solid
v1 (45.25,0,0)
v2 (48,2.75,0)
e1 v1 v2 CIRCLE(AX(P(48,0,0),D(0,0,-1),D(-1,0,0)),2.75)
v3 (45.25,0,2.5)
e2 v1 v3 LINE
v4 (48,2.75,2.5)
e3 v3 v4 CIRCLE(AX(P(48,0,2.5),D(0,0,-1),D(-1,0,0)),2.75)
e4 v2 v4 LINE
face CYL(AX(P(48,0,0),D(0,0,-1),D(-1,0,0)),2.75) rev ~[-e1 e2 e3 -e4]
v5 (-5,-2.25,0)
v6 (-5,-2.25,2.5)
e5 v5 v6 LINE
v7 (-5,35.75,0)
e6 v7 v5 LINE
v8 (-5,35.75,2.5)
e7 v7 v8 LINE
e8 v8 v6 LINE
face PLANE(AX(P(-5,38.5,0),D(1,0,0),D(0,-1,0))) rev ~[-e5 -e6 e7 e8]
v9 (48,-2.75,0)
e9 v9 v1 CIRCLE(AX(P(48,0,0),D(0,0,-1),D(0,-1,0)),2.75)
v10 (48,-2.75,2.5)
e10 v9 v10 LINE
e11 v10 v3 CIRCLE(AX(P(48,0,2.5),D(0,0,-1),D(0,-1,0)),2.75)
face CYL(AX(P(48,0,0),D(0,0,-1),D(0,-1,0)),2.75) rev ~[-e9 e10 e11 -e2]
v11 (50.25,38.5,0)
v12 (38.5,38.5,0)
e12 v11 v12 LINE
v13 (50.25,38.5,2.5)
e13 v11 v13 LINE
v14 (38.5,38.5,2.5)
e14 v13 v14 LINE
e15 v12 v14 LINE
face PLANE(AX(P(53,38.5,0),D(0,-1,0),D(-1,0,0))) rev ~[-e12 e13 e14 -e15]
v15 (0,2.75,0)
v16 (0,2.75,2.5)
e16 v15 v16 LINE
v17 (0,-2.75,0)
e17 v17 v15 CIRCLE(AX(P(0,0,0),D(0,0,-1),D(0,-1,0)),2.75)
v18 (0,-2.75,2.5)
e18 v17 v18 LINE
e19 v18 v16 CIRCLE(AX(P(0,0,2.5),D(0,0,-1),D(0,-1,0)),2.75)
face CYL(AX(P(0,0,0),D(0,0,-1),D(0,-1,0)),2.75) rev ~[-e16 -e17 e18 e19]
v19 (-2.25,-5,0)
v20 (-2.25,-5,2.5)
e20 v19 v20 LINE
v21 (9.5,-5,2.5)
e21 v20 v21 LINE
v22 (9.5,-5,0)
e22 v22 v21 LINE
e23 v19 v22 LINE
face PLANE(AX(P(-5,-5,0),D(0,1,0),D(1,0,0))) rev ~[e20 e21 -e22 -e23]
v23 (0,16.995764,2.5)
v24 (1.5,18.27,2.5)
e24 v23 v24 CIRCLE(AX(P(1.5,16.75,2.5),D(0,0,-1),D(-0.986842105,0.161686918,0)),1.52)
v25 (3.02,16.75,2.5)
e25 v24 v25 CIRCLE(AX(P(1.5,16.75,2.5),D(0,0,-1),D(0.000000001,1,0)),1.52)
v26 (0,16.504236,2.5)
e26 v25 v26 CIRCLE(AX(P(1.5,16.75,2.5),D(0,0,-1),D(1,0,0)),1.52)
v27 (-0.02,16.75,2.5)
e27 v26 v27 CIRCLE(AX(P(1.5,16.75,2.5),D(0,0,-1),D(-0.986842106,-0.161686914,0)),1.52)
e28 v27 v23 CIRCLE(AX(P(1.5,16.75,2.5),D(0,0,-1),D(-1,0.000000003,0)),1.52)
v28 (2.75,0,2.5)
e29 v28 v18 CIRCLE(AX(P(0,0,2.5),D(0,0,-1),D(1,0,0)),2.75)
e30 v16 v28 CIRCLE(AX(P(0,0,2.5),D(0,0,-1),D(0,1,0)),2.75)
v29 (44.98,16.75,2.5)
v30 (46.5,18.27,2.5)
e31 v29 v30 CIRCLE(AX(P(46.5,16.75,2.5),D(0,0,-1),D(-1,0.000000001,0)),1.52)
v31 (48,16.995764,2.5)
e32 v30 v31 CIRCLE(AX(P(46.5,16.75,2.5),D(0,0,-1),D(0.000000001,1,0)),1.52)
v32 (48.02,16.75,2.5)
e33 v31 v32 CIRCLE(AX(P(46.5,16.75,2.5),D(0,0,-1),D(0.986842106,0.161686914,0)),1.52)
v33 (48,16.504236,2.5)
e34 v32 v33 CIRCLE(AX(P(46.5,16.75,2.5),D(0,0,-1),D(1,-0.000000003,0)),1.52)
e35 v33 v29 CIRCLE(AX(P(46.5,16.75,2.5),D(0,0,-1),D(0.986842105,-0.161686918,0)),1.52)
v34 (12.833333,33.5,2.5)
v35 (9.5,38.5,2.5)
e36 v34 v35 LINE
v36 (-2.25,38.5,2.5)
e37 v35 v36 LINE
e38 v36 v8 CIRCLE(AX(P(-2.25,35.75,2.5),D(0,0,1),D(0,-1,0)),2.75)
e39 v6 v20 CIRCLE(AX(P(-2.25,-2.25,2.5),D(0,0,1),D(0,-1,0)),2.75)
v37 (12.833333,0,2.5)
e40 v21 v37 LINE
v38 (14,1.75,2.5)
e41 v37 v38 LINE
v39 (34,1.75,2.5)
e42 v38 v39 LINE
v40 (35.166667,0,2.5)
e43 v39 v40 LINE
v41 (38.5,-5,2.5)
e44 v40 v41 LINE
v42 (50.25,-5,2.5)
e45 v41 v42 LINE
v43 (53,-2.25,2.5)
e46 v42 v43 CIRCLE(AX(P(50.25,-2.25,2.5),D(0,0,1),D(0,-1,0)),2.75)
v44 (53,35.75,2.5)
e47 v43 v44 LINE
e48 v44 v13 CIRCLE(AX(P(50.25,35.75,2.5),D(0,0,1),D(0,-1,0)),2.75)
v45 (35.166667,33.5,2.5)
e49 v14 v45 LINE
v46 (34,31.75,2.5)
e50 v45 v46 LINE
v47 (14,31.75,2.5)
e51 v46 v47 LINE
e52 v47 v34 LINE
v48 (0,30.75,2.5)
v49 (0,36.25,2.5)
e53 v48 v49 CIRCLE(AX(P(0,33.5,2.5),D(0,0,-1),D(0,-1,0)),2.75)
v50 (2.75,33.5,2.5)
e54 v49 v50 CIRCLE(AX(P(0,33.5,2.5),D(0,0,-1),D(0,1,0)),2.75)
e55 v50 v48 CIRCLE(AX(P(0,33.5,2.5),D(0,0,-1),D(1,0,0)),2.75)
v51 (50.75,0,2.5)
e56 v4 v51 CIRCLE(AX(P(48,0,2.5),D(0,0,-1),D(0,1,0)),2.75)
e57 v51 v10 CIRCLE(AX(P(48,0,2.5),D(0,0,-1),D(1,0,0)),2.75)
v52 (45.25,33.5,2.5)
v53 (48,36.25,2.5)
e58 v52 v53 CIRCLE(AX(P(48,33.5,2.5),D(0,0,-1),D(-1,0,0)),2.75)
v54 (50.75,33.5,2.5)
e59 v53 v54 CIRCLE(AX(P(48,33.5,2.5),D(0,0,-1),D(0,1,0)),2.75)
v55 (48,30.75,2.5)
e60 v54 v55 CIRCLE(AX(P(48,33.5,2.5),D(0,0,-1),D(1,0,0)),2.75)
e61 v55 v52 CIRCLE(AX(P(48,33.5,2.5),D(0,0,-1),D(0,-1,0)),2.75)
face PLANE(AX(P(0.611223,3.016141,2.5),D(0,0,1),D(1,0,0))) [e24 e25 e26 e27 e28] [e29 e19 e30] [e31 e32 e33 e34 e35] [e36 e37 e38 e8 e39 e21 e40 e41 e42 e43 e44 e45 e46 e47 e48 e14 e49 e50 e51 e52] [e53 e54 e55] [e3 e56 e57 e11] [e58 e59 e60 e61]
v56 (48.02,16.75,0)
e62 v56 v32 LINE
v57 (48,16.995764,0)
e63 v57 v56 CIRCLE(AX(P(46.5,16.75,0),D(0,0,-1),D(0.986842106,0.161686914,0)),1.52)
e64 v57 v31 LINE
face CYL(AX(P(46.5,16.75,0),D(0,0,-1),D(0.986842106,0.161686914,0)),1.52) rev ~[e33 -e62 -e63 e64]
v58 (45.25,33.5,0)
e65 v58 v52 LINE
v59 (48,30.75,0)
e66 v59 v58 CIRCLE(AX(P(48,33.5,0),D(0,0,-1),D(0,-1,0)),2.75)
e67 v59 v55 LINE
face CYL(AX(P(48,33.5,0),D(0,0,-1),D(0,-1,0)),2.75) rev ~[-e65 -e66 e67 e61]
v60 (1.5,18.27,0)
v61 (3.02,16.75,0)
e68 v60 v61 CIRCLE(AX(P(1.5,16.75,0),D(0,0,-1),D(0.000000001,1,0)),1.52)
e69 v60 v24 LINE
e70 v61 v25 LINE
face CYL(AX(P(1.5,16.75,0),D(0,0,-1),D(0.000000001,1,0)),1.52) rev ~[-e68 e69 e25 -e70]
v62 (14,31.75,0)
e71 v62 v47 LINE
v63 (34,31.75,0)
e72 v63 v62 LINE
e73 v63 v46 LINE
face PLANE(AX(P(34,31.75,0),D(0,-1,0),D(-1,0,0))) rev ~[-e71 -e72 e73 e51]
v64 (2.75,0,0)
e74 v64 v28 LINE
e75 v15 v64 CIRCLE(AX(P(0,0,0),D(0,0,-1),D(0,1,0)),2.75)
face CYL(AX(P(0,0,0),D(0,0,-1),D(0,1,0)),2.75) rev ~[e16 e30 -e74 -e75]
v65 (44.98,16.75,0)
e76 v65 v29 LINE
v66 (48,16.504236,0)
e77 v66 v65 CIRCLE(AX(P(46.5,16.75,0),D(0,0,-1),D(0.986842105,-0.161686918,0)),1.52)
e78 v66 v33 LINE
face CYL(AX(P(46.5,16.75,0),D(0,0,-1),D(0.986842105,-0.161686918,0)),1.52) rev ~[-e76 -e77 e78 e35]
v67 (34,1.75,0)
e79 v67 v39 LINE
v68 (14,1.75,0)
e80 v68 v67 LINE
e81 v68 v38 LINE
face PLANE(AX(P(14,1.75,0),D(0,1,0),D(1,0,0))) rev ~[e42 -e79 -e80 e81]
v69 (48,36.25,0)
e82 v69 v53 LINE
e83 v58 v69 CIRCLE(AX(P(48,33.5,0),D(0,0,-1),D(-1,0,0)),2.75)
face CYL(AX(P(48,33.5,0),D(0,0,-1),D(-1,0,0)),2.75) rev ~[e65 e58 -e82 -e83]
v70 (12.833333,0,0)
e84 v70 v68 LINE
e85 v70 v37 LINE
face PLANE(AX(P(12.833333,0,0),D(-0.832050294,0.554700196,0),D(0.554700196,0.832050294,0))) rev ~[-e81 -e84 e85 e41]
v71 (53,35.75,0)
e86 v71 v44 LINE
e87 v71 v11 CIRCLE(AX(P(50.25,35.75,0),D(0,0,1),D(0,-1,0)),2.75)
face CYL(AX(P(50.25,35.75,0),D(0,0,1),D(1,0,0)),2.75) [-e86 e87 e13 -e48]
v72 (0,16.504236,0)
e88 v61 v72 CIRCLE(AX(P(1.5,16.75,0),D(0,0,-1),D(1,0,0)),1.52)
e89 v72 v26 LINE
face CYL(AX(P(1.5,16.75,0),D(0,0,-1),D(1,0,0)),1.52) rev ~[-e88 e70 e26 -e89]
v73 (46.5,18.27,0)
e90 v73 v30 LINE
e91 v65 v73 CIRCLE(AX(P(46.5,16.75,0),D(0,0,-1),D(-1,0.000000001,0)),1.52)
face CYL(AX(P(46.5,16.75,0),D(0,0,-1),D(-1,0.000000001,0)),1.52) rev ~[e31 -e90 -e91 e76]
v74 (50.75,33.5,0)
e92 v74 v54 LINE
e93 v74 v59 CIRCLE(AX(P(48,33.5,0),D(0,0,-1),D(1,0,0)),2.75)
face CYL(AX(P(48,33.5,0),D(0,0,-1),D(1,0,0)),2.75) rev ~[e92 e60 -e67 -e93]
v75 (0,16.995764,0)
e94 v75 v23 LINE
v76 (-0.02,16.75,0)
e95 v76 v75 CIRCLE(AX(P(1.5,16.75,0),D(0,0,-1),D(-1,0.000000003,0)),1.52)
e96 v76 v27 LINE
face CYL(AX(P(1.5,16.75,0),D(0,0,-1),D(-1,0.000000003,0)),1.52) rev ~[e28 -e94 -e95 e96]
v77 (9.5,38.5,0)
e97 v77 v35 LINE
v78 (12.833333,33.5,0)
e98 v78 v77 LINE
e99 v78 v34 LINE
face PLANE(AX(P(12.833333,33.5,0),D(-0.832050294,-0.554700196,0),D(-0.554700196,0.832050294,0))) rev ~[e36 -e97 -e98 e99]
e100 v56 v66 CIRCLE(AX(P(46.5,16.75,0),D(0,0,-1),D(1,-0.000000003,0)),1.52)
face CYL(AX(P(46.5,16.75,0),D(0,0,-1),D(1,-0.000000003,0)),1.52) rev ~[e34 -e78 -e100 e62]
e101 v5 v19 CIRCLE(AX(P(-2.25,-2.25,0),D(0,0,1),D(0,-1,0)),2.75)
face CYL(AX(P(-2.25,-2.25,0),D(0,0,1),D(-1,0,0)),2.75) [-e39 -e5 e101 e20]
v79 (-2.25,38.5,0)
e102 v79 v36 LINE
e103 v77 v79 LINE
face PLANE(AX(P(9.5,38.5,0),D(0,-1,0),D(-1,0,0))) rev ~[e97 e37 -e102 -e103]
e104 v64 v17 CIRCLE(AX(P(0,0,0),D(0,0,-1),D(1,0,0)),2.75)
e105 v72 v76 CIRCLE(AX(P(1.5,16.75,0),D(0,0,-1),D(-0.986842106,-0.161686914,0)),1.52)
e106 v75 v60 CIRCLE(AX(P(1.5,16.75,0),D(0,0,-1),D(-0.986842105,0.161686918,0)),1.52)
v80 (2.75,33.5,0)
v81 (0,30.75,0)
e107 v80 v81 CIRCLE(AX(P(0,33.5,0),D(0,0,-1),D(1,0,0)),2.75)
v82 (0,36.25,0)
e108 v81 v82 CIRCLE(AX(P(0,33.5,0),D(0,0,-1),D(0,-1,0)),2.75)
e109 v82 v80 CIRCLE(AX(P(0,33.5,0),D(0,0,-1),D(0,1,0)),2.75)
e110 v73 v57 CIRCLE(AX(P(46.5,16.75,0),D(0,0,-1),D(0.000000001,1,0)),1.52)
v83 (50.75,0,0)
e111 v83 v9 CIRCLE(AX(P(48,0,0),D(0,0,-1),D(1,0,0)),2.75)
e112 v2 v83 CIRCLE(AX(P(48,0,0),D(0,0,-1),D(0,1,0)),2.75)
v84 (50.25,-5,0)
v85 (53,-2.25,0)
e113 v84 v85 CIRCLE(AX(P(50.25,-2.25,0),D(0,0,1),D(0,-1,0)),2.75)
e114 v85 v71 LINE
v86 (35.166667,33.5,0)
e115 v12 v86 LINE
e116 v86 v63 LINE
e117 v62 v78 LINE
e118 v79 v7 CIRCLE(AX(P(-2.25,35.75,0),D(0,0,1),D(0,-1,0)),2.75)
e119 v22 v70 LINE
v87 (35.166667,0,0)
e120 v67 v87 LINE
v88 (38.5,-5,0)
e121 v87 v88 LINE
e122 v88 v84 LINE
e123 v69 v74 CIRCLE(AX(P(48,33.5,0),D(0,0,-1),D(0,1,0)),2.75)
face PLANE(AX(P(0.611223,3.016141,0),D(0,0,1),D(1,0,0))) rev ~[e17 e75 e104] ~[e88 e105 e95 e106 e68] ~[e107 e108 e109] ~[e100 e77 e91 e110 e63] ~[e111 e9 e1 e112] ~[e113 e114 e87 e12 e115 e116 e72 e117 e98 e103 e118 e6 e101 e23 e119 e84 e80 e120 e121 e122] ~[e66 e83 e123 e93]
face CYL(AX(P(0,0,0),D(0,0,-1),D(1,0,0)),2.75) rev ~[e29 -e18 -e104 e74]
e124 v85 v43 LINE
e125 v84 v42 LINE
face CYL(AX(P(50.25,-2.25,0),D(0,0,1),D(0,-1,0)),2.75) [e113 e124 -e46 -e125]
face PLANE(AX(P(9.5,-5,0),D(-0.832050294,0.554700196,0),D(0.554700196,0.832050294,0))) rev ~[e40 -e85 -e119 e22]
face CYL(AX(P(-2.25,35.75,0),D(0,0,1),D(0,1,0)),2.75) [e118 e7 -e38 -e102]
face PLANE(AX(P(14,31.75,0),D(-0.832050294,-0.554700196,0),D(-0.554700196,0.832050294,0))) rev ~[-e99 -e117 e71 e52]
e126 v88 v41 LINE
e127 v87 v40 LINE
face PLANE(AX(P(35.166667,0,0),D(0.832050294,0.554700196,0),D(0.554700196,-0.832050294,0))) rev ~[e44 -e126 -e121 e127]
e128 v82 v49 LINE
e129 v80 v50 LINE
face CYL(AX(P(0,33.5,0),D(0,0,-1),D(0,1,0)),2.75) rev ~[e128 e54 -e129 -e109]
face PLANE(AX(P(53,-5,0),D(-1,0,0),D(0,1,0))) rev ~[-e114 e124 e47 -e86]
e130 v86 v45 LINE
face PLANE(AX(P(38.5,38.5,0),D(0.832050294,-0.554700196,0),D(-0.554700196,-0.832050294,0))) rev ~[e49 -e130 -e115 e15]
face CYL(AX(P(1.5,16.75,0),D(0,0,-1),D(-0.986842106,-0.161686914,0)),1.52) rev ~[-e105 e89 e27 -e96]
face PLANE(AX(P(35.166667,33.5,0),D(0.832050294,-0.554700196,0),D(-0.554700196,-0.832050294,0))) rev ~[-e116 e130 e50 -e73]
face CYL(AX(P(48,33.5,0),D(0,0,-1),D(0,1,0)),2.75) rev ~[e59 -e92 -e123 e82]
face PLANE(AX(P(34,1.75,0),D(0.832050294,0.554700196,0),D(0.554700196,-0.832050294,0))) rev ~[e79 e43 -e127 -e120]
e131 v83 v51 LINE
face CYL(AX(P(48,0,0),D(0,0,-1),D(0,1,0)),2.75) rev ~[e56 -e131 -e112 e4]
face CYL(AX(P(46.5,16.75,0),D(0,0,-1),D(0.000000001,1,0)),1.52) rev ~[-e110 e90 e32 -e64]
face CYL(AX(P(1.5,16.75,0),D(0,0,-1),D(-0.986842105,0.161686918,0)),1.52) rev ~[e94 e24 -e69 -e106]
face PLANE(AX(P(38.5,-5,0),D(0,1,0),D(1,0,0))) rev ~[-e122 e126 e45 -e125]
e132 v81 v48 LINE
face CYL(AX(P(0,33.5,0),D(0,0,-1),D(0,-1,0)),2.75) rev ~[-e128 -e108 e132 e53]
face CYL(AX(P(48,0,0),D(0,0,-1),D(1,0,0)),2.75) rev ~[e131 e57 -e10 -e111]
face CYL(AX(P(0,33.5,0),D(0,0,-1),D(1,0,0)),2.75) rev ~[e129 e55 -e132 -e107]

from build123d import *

# Parameters (mm, degrees)
BOSS_EXTRUDE1_DEPTH = 2.5
FILLET1_R           = 2.75


with BuildPart() as part:
    # Sketch1 → Boss-Extrude1 (new body)
    with BuildSketch(Plane.XY):
        with BuildLine():
            ThreePointArc((0, 16.504235885), (-0.014991749, 16.62671172), (-0.02, 16.75))
            Line((-0.02, 16.75), (-5, 16.75))
            Line((-5, 16.75), (-5, -5))
            Line((-5, -5), (9.5, -5))
            Line((9.5, -5), (12.833333333, 0))
            Line((12.833333333, 0), (2.75, 0))
            ThreePointArc((2.75, 0), (1.944543648, -1.944543648), (0, -2.75))
            ThreePointArc((0, -2.75), (-2.75, 0), (0, 2.75))
            Line((0, 2.75), (0, 16.504235885))
        make_face()
        with BuildLine():
            ThreePointArc((0, 30.75), (-2.75, 33.5), (0, 36.25))
            ThreePointArc((0, 36.25), (1.944543648, 35.444543648), (2.75, 33.5))
            Line((2.75, 33.5), (12.833333333, 33.5))
            Line((12.833333333, 33.5), (9.5, 38.5))
            Line((9.5, 38.5), (-5, 38.5))
            Line((-5, 38.5), (-5, 16.75))
            Line((-5, 16.75), (-0.02, 16.75))
            ThreePointArc((-0.02, 16.75), (-0.014991749, 16.87328828), (0, 16.995764115))
            Line((0, 16.995764115), (0, 30.75))
        make_face()
        with BuildLine():
            ThreePointArc((2.75, 33.5), (1.944543648, 31.555456352), (0, 30.75))
            Line((0, 30.75), (0, 16.995764115))
            ThreePointArc((0, 16.995764115), (0.51591704, 17.908438918), (1.5, 18.27))
            ThreePointArc((1.5, 18.27), (2.574802307, 17.824802307), (3.02, 16.75))
            Line((3.02, 16.75), (24, 16.75))
            Line((24, 16.75), (24, 31.75))
            Line((24, 31.75), (14, 31.75))
            Line((14, 31.75), (12.833333333, 33.5))
            Line((12.833333333, 33.5), (2.75, 33.5))
        make_face()
        with BuildLine():
            Line((45.25, 33.5), (35.166666667, 33.5))
            Line((35.166666667, 33.5), (34, 31.75))
            Line((34, 31.75), (24, 31.75))
            Line((24, 31.75), (24, 16.75))
            Line((24, 16.75), (44.98, 16.75))
            ThreePointArc((44.98, 16.75), (45.425197693, 17.824802307), (46.5, 18.27))
            ThreePointArc((46.5, 18.27), (47.48408296, 17.908438918), (48, 16.995764115))
            Line((48, 16.995764115), (48, 30.75))
            ThreePointArc((48, 30.75), (46.055456352, 31.555456352), (45.25, 33.5))
        make_face()
        with BuildLine():
            Line((38.5, 38.5), (35.166666667, 33.5))
            Line((35.166666667, 33.5), (45.25, 33.5))
            ThreePointArc((45.25, 33.5), (46.055456352, 35.444543648), (48, 36.25))
            ThreePointArc((48, 36.25), (49.944543648, 35.444543648), (50.75, 33.5))
            ThreePointArc((50.75, 33.5), (49.944543648, 31.555456352), (48, 30.75))
            Line((48, 30.75), (48, 16.995764115))
            ThreePointArc((48, 16.995764115), (48.014991749, 16.87328828), (48.02, 16.75))
            Line((48.02, 16.75), (53, 16.75))
            Line((53, 16.75), (53, 38.5))
            Line((53, 38.5), (38.5, 38.5))
        make_face()
        with BuildLine():
            ThreePointArc((48.02, 16.75), (48.014991749, 16.62671172), (48, 16.504235885))
            Line((48, 16.504235885), (48, 2.75))
            ThreePointArc((48, 2.75), (49.944543648, 1.944543648), (50.75, 0))
            ThreePointArc((50.75, 0), (49.944543648, -1.944543648), (48, -2.75))
            ThreePointArc((48, -2.75), (46.055456352, -1.944543648), (45.25, 0))
            Line((45.25, 0), (35.166666667, 0))
            Line((35.166666667, 0), (38.5, -5))
            Line((38.5, -5), (53, -5))
            Line((53, -5), (53, 16.75))
            Line((53, 16.75), (48.02, 16.75))
        make_face()
        with BuildLine():
            Line((44.98, 16.75), (24, 16.75))
            Line((24, 16.75), (24, 1.75))
            Line((24, 1.75), (34, 1.75))
            Line((34, 1.75), (35.166666667, 0))
            Line((35.166666667, 0), (45.25, 0))
            ThreePointArc((45.25, 0), (46.055456352, 1.944543648), (48, 2.75))
            Line((48, 2.75), (48, 16.504235885))
            ThreePointArc((48, 16.504235885), (46.37671172, 15.235008251), (44.98, 16.75))
        make_face()
        with BuildLine():
            ThreePointArc((3.02, 16.75), (1.62328828, 15.235008251), (0, 16.504235885))
            Line((0, 16.504235885), (0, 2.75))
            ThreePointArc((0, 2.75), (1.944543648, 1.944543648), (2.75, 0))
            Line((2.75, 0), (12.833333333, 0))
            Line((12.833333333, 0), (14, 1.75))
            Line((14, 1.75), (24, 1.75))
            Line((24, 1.75), (24, 16.75))
            Line((24, 16.75), (3.02, 16.75))
        make_face()
    extrude(amount=BOSS_EXTRUDE1_DEPTH)

    # Fillet1
    fillet1_edges = [part.edges().sort_by_distance(p)[0] for p in [
        (53, -5, 1.25),
        (-5, -5, 1.25),
        (-5, 38.5, 1.25),
        (53, 38.5, 1.25),
    ]]
    fillet(fillet1_edges, radius=FILLET1_R)


solid = part.part
